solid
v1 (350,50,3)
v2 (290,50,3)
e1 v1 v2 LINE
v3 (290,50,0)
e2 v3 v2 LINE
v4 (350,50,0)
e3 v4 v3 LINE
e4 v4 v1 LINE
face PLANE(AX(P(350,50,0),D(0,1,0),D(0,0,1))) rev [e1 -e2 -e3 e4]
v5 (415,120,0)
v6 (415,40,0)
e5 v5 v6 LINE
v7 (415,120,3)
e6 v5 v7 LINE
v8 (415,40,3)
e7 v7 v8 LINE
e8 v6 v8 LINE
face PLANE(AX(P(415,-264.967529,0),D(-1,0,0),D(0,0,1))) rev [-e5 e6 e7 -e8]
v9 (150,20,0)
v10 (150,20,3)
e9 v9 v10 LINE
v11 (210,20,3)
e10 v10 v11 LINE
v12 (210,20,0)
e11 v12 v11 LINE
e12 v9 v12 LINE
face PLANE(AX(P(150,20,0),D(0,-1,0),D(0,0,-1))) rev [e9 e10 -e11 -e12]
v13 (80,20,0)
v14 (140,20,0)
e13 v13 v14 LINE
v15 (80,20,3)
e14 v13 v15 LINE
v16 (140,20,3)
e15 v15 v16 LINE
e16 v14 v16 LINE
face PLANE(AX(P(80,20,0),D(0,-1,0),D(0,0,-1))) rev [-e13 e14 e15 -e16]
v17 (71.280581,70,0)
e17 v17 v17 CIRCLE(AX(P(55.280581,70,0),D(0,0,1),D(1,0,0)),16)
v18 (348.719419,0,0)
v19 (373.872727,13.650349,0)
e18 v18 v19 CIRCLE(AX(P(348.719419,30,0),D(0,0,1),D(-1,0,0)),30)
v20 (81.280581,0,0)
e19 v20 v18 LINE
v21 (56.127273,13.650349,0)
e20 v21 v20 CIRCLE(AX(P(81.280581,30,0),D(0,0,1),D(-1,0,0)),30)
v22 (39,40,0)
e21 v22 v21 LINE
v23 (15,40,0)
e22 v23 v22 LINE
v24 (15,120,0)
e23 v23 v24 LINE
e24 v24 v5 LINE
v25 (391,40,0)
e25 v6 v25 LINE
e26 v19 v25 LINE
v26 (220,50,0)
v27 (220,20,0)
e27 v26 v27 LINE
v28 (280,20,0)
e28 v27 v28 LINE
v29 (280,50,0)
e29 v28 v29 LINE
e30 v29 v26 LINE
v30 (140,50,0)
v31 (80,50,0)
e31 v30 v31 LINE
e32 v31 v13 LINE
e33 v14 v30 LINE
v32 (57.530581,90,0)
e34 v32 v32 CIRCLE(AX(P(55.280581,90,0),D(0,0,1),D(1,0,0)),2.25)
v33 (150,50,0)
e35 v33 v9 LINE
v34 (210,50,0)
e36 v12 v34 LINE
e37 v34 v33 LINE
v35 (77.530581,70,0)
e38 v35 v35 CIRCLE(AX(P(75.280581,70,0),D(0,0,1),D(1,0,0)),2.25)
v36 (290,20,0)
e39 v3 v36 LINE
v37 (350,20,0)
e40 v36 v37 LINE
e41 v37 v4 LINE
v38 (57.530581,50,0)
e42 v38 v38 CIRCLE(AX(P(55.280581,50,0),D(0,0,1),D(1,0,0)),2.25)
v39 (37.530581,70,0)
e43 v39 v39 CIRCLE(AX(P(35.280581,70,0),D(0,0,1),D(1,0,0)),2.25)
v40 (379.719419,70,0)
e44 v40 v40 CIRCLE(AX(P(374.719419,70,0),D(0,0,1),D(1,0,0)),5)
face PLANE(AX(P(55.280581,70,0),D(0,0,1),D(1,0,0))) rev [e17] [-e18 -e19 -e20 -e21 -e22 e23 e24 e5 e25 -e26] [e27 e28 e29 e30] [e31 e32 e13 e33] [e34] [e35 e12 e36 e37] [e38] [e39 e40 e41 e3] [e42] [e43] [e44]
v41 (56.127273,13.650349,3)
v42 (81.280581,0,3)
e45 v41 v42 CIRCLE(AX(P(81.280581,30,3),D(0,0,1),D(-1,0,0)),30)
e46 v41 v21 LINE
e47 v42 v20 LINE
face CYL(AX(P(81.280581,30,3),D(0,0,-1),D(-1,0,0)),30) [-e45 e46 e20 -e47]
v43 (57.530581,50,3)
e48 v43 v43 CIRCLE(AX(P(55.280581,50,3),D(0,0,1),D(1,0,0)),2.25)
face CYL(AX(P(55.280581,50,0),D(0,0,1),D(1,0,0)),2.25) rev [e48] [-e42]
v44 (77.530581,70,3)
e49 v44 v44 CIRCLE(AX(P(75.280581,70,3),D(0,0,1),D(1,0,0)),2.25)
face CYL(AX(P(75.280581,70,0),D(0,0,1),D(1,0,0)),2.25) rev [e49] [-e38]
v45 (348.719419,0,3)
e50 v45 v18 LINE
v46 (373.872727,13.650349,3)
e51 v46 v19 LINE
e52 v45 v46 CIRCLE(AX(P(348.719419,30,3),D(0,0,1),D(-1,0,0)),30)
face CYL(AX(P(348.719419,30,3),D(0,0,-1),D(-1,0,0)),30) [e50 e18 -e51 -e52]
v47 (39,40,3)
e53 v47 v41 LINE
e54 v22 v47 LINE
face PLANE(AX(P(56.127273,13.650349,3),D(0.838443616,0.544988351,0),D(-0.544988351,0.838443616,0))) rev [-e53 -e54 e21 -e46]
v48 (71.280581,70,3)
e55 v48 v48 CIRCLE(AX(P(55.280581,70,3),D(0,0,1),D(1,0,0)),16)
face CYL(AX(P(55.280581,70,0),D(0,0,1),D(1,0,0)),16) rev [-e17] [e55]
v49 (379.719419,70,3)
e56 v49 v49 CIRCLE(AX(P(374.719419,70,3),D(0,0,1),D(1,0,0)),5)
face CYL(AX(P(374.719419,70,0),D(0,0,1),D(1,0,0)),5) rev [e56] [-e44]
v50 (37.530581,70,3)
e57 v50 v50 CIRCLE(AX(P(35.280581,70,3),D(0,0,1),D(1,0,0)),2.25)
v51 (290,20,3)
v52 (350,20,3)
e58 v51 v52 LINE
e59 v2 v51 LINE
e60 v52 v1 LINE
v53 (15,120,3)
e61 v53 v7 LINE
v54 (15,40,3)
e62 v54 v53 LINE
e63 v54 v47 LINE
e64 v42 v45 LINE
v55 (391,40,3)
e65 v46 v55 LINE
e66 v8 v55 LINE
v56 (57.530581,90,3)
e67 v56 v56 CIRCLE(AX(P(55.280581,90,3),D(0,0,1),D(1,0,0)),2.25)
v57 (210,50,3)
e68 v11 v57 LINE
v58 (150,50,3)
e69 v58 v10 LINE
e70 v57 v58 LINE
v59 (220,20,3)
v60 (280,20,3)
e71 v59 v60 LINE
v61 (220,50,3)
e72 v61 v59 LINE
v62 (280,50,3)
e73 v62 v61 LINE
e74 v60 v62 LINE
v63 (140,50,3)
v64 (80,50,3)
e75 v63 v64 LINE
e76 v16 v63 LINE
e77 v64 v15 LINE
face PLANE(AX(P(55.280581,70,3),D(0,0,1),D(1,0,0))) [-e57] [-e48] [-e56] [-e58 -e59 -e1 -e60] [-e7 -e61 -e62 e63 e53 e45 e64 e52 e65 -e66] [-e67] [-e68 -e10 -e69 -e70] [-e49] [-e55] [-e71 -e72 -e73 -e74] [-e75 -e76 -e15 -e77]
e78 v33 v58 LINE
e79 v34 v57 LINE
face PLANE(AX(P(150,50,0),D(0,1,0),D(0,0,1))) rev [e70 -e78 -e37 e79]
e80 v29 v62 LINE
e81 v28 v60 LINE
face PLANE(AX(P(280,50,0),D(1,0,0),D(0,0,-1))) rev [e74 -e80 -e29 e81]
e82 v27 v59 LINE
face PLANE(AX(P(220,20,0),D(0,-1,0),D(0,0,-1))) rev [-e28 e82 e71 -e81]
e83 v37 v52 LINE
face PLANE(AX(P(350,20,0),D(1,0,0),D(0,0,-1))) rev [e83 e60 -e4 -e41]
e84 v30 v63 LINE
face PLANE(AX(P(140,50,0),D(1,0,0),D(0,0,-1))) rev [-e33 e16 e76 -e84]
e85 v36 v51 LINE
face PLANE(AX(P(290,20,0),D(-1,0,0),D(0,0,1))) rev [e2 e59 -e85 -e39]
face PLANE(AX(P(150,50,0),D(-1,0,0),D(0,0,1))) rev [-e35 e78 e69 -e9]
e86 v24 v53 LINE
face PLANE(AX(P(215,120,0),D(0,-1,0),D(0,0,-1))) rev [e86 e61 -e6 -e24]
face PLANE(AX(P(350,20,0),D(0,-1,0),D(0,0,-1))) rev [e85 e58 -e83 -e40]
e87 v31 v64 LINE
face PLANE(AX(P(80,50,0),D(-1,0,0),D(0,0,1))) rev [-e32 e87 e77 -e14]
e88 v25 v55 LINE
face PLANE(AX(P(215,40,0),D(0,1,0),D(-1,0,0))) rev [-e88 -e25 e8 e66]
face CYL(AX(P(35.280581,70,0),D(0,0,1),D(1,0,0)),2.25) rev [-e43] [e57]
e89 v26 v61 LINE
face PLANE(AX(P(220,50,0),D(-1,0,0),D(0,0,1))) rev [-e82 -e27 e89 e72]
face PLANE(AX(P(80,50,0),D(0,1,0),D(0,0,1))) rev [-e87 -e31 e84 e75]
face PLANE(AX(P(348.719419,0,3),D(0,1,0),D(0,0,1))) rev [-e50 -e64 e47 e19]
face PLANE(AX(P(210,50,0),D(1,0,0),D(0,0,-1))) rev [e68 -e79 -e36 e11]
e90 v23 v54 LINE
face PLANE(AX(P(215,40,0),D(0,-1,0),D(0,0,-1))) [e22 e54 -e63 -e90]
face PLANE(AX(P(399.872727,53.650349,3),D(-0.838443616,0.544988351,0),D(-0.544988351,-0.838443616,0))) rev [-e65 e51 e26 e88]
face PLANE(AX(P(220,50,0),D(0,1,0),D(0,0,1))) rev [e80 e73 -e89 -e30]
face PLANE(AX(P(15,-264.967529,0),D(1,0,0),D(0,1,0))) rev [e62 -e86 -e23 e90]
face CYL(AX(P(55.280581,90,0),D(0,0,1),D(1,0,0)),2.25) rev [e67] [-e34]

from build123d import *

# Parameters (mm, degrees)
EXTRUDE_1_DEPTH     = 3
SKETCH_2_W          = 60
SKETCH_2_H          = 30
CUT_EXTRUDE_2_DEPTH = 417.901436616
SKETCH_3_R          = 16
SKETCH_3_R_2        = 2.25
SKETCH_3_R_3        = 5
CUT_EXTRUDE_3_DEPTH = 417.901436616
EXTRUDE_START       = -3
EXTRUDE_4_DEPTH     = 3


with BuildPart() as part:
    # 草圖1 → 伸長1 (new body)
    with BuildSketch(Plane.XY):
        with BuildLine():
            Line((55.280581326, 100), (374.719418674, 100))
            ThreePointArc((374.719418674, 100), (401.086913014, 84.309271198), (399.872727163, 53.650349482))
            Line((399.872727163, 53.650349482), (373.872727163, 13.650349482))
            ThreePointArc((373.872727163, 13.650349482), (363.028689873, 3.63250566), (348.719418674, 0))
            Line((348.719418674, 0), (81.280581326, 0))
            ThreePointArc((81.280581326, 0), (66.971310127, 3.63250566), (56.127272837, 13.650349482))
            Line((56.127272837, 13.650349482), (30.127272837, 53.650349482))
            ThreePointArc((30.127272837, 53.650349482), (28.913086986, 84.309271198), (55.280581326, 100))
        make_face()
    extrude(amount=EXTRUDE_1_DEPTH)

    # 草圖2 → 伸長2 (cut, through all)
    with BuildSketch(Plane.XY.offset(3)):
        with Locations((110, 35)):
            Rectangle(SKETCH_2_W, SKETCH_2_H)
        with Locations((180, 35)):
            Rectangle(SKETCH_2_W, SKETCH_2_H)
        with Locations((250, 35)):
            Rectangle(SKETCH_2_W, SKETCH_2_H)
        with Locations((320, 35)):
            Rectangle(SKETCH_2_W, SKETCH_2_H)
    extrude(amount=-CUT_EXTRUDE_2_DEPTH, mode=Mode.SUBTRACT)

    # 草圖3 → 伸長3 (cut, through all)
    with BuildSketch(Plane.XY.offset(3)):
        with Locations((55.280581326, 70)):
            Circle(SKETCH_3_R)
        with Locations((55.280581326, 90)):
            Circle(SKETCH_3_R_2)
        with Locations((75.280581326, 70)):
            Circle(SKETCH_3_R_2)
        with Locations((55.280581326, 50)):
            Circle(SKETCH_3_R_2)
        with Locations((35.280581326, 70)):
            Circle(SKETCH_3_R_2)
        with Locations((374.719418674, 70)):
            Circle(SKETCH_3_R_3)
    extrude(amount=-CUT_EXTRUDE_3_DEPTH, mode=Mode.SUBTRACT)

    # 草圖4 → 伸長4 (add)
    with BuildSketch(Plane.XY.offset(3).offset(EXTRUDE_START)):
        with BuildLine():
            Line((399.872727163, 53.650349482), (391, 40))
            Line((391, 40), (415, 40))
            Line((415, 40), (415, 120))
            Line((415, 120), (15, 120))
            Line((15, 120), (15, 40))
            Line((15, 40), (39, 40))
            Line((39, 40), (30.127272837, 53.650349482))
            ThreePointArc((30.127272837, 53.650349482), (28.913086986, 84.309271198), (55.280581326, 100))
            Line((55.280581326, 100), (374.719418674, 100))
            ThreePointArc((374.719418674, 100), (401.086913014, 84.309271198), (399.872727163, 53.650349482))
        make_face()
    extrude(amount=EXTRUDE_4_DEPTH)


solid = part.part
